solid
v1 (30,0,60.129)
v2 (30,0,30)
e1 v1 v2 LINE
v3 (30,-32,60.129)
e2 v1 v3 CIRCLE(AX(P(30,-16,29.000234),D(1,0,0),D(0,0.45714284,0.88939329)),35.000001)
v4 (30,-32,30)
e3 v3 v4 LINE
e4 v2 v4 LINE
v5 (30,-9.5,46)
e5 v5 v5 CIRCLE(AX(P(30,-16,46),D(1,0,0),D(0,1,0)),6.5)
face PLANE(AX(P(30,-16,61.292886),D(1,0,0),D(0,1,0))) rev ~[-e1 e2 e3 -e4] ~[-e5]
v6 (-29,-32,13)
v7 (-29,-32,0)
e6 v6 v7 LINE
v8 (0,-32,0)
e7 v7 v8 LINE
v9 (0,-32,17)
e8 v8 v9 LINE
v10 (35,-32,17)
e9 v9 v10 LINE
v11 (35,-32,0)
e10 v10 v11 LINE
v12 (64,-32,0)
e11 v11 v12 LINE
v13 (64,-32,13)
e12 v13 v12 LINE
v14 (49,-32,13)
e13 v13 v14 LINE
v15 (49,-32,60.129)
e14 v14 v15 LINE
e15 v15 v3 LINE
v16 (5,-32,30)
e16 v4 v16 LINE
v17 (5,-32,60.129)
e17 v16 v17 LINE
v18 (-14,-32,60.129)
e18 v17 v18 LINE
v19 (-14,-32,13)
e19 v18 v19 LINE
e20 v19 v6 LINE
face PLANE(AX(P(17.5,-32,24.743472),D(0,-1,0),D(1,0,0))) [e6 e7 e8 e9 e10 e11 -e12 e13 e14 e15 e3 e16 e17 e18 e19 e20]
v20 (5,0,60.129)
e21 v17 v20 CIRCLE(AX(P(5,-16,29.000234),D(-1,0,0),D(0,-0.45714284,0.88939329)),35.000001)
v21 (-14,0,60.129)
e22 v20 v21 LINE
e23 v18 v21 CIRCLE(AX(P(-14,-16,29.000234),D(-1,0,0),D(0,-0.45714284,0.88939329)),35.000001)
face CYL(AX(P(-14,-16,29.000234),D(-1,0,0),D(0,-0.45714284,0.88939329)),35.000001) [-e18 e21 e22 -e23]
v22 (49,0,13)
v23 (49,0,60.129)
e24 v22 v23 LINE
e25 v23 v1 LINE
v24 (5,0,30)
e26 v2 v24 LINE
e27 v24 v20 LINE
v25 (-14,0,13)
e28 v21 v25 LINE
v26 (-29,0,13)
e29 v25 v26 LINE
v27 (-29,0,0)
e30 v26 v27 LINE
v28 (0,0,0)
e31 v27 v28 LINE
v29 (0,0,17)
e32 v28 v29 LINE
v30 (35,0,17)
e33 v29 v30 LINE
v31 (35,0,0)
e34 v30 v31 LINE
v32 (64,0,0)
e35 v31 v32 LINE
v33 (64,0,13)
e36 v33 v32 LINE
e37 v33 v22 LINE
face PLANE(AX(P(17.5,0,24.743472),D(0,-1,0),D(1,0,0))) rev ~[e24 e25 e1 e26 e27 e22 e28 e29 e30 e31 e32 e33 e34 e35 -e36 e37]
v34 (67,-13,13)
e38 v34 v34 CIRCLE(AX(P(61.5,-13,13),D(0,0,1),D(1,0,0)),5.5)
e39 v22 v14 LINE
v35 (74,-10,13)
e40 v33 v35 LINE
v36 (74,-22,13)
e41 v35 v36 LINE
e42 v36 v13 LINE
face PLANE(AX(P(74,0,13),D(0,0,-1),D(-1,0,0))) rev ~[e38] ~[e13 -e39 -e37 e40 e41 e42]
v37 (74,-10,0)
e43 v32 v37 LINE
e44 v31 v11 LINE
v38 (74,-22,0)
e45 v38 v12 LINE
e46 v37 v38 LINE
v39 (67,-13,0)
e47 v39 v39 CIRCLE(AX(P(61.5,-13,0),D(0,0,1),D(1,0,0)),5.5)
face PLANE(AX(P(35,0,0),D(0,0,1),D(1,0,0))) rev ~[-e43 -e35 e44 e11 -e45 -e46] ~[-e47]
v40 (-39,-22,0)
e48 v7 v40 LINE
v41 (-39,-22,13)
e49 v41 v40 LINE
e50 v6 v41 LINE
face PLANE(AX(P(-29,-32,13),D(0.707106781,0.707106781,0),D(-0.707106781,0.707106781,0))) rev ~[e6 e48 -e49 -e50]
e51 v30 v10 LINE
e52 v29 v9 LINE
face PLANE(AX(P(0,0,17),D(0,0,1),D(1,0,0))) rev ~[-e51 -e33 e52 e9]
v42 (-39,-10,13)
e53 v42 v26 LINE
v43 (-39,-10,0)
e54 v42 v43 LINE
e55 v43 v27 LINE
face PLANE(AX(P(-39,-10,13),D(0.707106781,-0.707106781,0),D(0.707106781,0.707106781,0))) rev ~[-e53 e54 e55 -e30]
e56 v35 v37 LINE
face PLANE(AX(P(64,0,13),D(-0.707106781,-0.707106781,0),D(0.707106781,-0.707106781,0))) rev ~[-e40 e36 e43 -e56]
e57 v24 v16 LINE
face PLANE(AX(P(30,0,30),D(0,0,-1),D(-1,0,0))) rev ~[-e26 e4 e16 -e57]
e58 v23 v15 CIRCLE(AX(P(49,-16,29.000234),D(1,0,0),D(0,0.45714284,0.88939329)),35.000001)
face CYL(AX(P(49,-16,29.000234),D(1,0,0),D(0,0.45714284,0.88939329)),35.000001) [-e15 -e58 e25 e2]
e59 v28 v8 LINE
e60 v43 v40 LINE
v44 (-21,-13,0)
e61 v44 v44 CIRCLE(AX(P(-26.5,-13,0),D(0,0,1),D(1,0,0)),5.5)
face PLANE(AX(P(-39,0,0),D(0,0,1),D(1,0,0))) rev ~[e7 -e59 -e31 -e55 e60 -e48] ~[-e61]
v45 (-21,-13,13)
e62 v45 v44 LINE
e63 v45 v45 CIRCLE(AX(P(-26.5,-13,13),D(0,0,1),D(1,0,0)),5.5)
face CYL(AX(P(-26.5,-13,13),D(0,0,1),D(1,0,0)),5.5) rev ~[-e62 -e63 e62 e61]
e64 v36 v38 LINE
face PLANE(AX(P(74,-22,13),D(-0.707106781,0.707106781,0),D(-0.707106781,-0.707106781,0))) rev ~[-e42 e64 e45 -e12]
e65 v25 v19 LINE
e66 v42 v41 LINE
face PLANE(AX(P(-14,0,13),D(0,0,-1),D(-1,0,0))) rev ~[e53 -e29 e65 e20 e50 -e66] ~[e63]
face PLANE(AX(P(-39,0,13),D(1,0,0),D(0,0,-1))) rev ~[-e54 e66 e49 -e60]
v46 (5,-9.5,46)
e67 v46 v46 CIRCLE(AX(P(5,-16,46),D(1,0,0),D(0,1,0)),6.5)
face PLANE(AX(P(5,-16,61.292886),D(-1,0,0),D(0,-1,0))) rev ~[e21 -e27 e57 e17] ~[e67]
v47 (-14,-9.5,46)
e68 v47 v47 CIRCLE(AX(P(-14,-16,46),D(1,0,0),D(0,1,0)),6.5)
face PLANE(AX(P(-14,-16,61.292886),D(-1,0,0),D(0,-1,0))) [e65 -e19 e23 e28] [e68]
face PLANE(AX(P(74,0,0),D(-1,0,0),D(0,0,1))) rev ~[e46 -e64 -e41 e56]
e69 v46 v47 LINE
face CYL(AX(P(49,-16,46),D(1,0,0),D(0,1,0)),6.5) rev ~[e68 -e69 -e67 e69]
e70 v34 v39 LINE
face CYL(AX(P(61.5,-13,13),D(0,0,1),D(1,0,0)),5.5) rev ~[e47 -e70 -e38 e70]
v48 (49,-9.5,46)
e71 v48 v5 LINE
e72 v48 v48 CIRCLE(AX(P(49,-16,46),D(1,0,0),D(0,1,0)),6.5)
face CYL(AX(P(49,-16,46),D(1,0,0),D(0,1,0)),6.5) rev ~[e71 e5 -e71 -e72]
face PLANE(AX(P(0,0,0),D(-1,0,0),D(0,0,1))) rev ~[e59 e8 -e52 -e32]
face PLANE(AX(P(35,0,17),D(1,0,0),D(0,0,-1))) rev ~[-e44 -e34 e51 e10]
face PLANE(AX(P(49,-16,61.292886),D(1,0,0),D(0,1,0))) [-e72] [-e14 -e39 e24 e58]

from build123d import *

# Parameters (mm, degrees)
F1_DEPTH  = 32
F3_DEPTH  = 25
F4_R      = 5.5
F5_DEPTH  = 25
F6_R      = 5.5
F7_DEPTH  = 25
F10_DEPTH = 19
F8_R      = 6.5
F11_DEPTH = 88.001
F13_DEPTH = 19


with BuildPart() as f1:
    # F0 (on Front) → F1 (new body)
    with BuildSketch(Plane.XZ):
        Polygon((-39, 13), (-39, 0), (0, 0), (0, 17), (35, 17), (35, 0), (74, 0), (74, 13), (49, 13), (49, 60.129), (30, 60.129), (30, 30), (5, 30), (5, 60.129), (-14, 60.129), (-14, 13), align=None)
    extrude(amount=F1_DEPTH)

    # F2 (on face) → F3 (cut)
    with BuildSketch(Plane.XY.offset(13)):
        Polygon((-39, -32), (-29, -32), (-39, -22), align=None)
        Polygon((-39, 0), (-39, -10), (-29, 0), align=None)
    extrude(amount=-F3_DEPTH, mode=Mode.SUBTRACT)

    # F4 (on face) → F5 (cut)
    with BuildSketch(Plane.XY.offset(13)):
        with Locations((61.5, -13)):
            Circle(F4_R)
        Polygon((74, -22), (64, -32), (74, -32), align=None)
        Polygon((64, 0), (74, -10), (74, 0), align=None)
    extrude(amount=-F5_DEPTH, mode=Mode.SUBTRACT)

    # F6 (on face) → F7 (cut)
    with BuildSketch(Plane.XY.offset(13)):
        with Locations((-26.5, -13)):
            Circle(F6_R)
    extrude(amount=-F7_DEPTH, mode=Mode.SUBTRACT)

    # F9 (on face) → F10 (join)
    with BuildSketch(Plane.YZ.offset(49)):
        with BuildLine():
            Line((-32, 60.129), (0, 60.129))
            ThreePointArc((0, 60.129), (-16, 64.000235), (-32, 60.129))
        make_face()
    extrude(amount=-F10_DEPTH)

    # F8 (on face) → F11 (cut, through all)
    with BuildSketch(Plane.YZ.offset(49)):
        with Locations((-16, 46)):
            Circle(F8_R)
    extrude(amount=-F11_DEPTH, mode=Mode.SUBTRACT)

    # F12 (on face) → F13 (join)
    with BuildSketch(Plane(origin=(-14, 0, 0), x_dir=(0, -1, 0), z_dir=(-1, 0, 0))):
        with BuildLine():
            Line((0, 60.129), (32, 60.129))
            ThreePointArc((32, 60.129), (16, 64.000235), (0, 60.129))
        make_face()
    extrude(amount=-F13_DEPTH)


solid = f1.part
